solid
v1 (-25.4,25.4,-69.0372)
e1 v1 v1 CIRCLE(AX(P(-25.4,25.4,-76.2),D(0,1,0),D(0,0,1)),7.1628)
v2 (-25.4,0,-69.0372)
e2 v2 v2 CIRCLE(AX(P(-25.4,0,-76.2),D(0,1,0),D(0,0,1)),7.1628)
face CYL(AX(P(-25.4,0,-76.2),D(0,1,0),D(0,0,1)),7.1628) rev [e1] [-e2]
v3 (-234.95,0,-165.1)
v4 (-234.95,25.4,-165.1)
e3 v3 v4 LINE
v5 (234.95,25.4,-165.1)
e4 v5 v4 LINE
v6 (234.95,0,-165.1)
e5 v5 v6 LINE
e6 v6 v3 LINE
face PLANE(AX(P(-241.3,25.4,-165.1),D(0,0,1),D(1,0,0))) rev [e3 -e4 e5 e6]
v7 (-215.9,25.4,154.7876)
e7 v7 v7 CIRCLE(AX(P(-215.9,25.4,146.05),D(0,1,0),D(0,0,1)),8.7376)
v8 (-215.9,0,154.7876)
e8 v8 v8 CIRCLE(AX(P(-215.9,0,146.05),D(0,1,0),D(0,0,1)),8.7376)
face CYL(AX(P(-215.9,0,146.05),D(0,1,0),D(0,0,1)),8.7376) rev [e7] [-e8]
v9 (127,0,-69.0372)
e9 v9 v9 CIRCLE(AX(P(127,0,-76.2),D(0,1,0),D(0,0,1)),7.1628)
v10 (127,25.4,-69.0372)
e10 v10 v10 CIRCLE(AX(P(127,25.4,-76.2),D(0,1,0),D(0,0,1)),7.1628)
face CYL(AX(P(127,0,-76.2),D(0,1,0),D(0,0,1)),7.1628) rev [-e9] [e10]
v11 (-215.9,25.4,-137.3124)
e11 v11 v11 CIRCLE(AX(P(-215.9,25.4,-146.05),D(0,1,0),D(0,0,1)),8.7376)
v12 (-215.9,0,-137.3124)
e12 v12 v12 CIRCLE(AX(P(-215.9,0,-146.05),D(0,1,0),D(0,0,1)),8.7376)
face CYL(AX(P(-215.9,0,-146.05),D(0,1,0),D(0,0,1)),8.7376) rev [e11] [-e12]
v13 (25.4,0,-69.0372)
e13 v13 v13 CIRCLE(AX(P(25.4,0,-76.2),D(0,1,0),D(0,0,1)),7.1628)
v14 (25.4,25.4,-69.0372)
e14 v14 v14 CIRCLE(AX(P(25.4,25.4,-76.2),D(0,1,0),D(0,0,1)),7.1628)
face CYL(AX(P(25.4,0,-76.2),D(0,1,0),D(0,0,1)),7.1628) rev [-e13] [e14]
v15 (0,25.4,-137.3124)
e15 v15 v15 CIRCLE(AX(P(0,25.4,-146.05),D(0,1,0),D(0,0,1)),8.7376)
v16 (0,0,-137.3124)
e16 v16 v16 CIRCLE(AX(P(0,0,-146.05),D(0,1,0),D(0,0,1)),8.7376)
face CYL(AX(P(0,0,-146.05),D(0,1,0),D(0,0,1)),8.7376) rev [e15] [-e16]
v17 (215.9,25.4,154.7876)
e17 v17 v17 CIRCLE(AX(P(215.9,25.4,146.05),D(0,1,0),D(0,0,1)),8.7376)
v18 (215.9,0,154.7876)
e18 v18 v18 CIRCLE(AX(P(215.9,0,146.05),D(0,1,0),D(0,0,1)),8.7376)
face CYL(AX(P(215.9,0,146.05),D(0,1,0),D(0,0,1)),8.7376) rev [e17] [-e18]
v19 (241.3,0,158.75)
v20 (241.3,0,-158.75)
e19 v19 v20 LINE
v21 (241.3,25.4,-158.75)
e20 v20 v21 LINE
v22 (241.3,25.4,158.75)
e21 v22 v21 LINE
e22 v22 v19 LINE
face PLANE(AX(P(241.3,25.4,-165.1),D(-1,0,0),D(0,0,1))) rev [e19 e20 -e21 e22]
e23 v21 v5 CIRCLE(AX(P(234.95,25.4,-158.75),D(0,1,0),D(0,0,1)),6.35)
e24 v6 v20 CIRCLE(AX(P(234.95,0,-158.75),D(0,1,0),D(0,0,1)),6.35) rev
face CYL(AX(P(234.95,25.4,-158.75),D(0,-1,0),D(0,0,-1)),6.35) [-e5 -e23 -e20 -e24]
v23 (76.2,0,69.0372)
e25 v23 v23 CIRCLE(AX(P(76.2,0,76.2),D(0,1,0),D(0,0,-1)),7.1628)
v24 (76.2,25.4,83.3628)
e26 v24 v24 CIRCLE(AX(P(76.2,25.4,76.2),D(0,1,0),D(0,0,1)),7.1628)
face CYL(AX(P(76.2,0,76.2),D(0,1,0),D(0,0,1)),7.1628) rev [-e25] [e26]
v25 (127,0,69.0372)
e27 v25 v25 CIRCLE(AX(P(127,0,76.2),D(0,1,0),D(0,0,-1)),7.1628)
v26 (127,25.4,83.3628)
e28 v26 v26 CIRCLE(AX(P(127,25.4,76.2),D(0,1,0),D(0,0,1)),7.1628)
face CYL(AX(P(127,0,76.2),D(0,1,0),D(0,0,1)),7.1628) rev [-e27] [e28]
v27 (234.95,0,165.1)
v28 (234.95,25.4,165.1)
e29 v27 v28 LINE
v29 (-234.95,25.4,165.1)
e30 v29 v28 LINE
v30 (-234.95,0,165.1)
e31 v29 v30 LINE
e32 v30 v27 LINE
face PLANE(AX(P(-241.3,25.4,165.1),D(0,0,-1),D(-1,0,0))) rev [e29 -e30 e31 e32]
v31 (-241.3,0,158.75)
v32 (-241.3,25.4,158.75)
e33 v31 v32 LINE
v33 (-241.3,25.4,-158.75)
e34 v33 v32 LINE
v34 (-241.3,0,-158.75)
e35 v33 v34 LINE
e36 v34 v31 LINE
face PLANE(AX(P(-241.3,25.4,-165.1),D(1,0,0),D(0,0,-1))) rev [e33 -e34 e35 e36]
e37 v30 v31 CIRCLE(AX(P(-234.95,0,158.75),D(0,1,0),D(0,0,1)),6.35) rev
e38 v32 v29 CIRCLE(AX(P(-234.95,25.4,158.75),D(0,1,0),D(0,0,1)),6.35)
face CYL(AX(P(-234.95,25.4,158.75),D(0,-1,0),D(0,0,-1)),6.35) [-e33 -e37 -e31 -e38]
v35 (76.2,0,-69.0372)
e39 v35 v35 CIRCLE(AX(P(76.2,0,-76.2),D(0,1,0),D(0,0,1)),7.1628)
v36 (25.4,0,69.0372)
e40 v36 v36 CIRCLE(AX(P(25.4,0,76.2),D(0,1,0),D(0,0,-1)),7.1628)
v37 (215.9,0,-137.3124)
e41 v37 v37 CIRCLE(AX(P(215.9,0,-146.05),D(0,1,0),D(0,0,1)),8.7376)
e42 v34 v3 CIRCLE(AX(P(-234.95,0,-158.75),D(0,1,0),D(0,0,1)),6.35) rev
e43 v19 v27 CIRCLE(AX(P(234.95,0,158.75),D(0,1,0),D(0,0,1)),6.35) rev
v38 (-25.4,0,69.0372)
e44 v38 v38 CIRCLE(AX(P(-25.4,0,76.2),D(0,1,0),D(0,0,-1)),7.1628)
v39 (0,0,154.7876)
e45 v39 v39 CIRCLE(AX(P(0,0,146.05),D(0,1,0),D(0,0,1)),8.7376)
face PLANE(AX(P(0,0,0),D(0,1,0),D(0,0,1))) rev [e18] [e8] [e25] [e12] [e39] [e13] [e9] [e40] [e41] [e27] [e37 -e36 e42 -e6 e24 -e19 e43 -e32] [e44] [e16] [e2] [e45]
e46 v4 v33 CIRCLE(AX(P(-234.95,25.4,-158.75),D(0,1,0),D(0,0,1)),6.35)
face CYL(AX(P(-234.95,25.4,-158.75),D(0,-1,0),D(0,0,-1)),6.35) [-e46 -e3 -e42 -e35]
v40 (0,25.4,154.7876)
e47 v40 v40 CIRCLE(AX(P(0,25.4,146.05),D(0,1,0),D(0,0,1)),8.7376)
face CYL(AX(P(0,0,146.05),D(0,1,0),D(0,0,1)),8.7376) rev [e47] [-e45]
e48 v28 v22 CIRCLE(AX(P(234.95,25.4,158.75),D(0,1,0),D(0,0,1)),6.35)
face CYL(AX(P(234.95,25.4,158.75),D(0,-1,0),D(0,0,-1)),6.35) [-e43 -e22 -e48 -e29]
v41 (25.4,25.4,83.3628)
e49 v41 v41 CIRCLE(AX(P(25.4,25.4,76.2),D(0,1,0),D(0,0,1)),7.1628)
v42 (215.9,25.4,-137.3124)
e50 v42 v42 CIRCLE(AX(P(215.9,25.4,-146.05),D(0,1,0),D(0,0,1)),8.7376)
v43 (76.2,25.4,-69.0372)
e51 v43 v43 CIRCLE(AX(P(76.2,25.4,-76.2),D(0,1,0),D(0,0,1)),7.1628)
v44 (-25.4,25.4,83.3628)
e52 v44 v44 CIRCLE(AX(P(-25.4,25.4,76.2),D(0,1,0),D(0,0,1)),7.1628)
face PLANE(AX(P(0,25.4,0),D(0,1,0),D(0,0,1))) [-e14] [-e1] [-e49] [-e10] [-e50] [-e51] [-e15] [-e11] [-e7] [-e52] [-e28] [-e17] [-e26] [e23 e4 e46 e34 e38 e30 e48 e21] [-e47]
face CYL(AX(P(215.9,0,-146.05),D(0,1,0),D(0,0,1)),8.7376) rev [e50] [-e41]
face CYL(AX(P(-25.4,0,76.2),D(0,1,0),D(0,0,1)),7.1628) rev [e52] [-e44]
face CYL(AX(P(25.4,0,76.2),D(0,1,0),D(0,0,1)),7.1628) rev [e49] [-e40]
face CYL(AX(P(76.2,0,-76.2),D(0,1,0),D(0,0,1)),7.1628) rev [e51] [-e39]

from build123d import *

# Parameters (mm, degrees)
SKETCH1_W               = 482.6
SKETCH1_H               = 330.2
BOSS_EXTRUDE1_DEPTH     = 25.4
CUT_EXTRUDE1_DEPTH      = 294.477188211
CUT_EXTRUDE1_DEPTH_BACK = 294.477188211
SKETCH2_R               = 8.7376
CUT_EXTRUDE2_DEPTH      = 294.477188211
CUT_EXTRUDE2_DEPTH_BACK = 294.477188211
SKETCH4_R               = 7.1628
FILLET1_R               = 6.35


with BuildPart() as part:
    # Sketch1 → Boss-Extrude1 (new body)
    with BuildSketch(Plane(origin=(0, 0, 0), x_dir=(1, 0, 0), z_dir=(0, 1, 0))):
        Rectangle(SKETCH1_W, SKETCH1_H)
    extrude(amount=BOSS_EXTRUDE1_DEPTH)

    # Sketch2 → Cut-Extrude1 (cut, two sides: drawn at the far end of the back side and taken through both)
    with BuildSketch(Plane(origin=(0, 25.4, 0), x_dir=(1, 0, 0), z_dir=(0, 1, 0)).offset(-CUT_EXTRUDE1_DEPTH_BACK)):
        with Locations(Location((215.9, 146.05, 0), (0, 0, 270))):
            Circle(SKETCH2_R)
        with Locations(Location((-215.9, 146.05, 0), (0, 0, 270))):
            Circle(SKETCH2_R)
        with Locations(Location((215.9, -146.05, 0), (0, 0, 270))):
            Circle(SKETCH2_R)
        with Locations(Location((-215.9, -146.05, 0), (0, 0, 270))):
            Circle(SKETCH2_R)
        with Locations(Location((0, 146.05, 0), (0, 0, 270))):
            Circle(SKETCH2_R)
        with Locations(Location((0, -146.05, 0), (0, 0, 270))):
            Circle(SKETCH2_R)
    extrude(amount=CUT_EXTRUDE1_DEPTH + CUT_EXTRUDE1_DEPTH_BACK, mode=Mode.SUBTRACT)

    # Sketch4 → Cut-Extrude2 (cut, two sides: drawn at the far end of the back side and taken through both)
    with BuildSketch(Plane(origin=(0, 25.4, 0), x_dir=(1, 0, 0), z_dir=(0, 1, 0)).offset(-CUT_EXTRUDE2_DEPTH_BACK)):
        with Locations(Location((-25.4, 76.2, 0), (0, 0, 270))):
            Circle(SKETCH4_R)
        with Locations(Location((25.4, 76.2, 0), (0, 0, 270))):
            Circle(SKETCH4_R)
        with Locations(Location((76.2, 76.2, 0), (0, 0, 270))):
            Circle(SKETCH4_R)
        with Locations(Location((127, 76.2, 0), (0, 0, 270))):
            Circle(SKETCH4_R)
        with Locations(Location((127, -76.2, 0), (0, 0, 270))):
            Circle(SKETCH4_R)
        with Locations(Location((76.2, -76.2, 0), (0, 0, 270))):
            Circle(SKETCH4_R)
        with Locations(Location((25.4, -76.2, 0), (0, 0, 270))):
            Circle(SKETCH4_R)
        with Locations(Location((-25.4, -76.2, 0), (0, 0, 270))):
            Circle(SKETCH4_R)
    extrude(amount=CUT_EXTRUDE2_DEPTH + CUT_EXTRUDE2_DEPTH_BACK, mode=Mode.SUBTRACT)

    # Fillet1
    fillet1_edges = [part.edges().sort_by_distance(p)[0] for p in [
        (241.3, 12.7, 165.1),
        (-241.3, 12.7, 165.1),
        (-241.3, 12.7, -165.1),
        (241.3, 12.7, -165.1),
    ]]
    fillet(fillet1_edges, radius=FILLET1_R)


solid = part.part
